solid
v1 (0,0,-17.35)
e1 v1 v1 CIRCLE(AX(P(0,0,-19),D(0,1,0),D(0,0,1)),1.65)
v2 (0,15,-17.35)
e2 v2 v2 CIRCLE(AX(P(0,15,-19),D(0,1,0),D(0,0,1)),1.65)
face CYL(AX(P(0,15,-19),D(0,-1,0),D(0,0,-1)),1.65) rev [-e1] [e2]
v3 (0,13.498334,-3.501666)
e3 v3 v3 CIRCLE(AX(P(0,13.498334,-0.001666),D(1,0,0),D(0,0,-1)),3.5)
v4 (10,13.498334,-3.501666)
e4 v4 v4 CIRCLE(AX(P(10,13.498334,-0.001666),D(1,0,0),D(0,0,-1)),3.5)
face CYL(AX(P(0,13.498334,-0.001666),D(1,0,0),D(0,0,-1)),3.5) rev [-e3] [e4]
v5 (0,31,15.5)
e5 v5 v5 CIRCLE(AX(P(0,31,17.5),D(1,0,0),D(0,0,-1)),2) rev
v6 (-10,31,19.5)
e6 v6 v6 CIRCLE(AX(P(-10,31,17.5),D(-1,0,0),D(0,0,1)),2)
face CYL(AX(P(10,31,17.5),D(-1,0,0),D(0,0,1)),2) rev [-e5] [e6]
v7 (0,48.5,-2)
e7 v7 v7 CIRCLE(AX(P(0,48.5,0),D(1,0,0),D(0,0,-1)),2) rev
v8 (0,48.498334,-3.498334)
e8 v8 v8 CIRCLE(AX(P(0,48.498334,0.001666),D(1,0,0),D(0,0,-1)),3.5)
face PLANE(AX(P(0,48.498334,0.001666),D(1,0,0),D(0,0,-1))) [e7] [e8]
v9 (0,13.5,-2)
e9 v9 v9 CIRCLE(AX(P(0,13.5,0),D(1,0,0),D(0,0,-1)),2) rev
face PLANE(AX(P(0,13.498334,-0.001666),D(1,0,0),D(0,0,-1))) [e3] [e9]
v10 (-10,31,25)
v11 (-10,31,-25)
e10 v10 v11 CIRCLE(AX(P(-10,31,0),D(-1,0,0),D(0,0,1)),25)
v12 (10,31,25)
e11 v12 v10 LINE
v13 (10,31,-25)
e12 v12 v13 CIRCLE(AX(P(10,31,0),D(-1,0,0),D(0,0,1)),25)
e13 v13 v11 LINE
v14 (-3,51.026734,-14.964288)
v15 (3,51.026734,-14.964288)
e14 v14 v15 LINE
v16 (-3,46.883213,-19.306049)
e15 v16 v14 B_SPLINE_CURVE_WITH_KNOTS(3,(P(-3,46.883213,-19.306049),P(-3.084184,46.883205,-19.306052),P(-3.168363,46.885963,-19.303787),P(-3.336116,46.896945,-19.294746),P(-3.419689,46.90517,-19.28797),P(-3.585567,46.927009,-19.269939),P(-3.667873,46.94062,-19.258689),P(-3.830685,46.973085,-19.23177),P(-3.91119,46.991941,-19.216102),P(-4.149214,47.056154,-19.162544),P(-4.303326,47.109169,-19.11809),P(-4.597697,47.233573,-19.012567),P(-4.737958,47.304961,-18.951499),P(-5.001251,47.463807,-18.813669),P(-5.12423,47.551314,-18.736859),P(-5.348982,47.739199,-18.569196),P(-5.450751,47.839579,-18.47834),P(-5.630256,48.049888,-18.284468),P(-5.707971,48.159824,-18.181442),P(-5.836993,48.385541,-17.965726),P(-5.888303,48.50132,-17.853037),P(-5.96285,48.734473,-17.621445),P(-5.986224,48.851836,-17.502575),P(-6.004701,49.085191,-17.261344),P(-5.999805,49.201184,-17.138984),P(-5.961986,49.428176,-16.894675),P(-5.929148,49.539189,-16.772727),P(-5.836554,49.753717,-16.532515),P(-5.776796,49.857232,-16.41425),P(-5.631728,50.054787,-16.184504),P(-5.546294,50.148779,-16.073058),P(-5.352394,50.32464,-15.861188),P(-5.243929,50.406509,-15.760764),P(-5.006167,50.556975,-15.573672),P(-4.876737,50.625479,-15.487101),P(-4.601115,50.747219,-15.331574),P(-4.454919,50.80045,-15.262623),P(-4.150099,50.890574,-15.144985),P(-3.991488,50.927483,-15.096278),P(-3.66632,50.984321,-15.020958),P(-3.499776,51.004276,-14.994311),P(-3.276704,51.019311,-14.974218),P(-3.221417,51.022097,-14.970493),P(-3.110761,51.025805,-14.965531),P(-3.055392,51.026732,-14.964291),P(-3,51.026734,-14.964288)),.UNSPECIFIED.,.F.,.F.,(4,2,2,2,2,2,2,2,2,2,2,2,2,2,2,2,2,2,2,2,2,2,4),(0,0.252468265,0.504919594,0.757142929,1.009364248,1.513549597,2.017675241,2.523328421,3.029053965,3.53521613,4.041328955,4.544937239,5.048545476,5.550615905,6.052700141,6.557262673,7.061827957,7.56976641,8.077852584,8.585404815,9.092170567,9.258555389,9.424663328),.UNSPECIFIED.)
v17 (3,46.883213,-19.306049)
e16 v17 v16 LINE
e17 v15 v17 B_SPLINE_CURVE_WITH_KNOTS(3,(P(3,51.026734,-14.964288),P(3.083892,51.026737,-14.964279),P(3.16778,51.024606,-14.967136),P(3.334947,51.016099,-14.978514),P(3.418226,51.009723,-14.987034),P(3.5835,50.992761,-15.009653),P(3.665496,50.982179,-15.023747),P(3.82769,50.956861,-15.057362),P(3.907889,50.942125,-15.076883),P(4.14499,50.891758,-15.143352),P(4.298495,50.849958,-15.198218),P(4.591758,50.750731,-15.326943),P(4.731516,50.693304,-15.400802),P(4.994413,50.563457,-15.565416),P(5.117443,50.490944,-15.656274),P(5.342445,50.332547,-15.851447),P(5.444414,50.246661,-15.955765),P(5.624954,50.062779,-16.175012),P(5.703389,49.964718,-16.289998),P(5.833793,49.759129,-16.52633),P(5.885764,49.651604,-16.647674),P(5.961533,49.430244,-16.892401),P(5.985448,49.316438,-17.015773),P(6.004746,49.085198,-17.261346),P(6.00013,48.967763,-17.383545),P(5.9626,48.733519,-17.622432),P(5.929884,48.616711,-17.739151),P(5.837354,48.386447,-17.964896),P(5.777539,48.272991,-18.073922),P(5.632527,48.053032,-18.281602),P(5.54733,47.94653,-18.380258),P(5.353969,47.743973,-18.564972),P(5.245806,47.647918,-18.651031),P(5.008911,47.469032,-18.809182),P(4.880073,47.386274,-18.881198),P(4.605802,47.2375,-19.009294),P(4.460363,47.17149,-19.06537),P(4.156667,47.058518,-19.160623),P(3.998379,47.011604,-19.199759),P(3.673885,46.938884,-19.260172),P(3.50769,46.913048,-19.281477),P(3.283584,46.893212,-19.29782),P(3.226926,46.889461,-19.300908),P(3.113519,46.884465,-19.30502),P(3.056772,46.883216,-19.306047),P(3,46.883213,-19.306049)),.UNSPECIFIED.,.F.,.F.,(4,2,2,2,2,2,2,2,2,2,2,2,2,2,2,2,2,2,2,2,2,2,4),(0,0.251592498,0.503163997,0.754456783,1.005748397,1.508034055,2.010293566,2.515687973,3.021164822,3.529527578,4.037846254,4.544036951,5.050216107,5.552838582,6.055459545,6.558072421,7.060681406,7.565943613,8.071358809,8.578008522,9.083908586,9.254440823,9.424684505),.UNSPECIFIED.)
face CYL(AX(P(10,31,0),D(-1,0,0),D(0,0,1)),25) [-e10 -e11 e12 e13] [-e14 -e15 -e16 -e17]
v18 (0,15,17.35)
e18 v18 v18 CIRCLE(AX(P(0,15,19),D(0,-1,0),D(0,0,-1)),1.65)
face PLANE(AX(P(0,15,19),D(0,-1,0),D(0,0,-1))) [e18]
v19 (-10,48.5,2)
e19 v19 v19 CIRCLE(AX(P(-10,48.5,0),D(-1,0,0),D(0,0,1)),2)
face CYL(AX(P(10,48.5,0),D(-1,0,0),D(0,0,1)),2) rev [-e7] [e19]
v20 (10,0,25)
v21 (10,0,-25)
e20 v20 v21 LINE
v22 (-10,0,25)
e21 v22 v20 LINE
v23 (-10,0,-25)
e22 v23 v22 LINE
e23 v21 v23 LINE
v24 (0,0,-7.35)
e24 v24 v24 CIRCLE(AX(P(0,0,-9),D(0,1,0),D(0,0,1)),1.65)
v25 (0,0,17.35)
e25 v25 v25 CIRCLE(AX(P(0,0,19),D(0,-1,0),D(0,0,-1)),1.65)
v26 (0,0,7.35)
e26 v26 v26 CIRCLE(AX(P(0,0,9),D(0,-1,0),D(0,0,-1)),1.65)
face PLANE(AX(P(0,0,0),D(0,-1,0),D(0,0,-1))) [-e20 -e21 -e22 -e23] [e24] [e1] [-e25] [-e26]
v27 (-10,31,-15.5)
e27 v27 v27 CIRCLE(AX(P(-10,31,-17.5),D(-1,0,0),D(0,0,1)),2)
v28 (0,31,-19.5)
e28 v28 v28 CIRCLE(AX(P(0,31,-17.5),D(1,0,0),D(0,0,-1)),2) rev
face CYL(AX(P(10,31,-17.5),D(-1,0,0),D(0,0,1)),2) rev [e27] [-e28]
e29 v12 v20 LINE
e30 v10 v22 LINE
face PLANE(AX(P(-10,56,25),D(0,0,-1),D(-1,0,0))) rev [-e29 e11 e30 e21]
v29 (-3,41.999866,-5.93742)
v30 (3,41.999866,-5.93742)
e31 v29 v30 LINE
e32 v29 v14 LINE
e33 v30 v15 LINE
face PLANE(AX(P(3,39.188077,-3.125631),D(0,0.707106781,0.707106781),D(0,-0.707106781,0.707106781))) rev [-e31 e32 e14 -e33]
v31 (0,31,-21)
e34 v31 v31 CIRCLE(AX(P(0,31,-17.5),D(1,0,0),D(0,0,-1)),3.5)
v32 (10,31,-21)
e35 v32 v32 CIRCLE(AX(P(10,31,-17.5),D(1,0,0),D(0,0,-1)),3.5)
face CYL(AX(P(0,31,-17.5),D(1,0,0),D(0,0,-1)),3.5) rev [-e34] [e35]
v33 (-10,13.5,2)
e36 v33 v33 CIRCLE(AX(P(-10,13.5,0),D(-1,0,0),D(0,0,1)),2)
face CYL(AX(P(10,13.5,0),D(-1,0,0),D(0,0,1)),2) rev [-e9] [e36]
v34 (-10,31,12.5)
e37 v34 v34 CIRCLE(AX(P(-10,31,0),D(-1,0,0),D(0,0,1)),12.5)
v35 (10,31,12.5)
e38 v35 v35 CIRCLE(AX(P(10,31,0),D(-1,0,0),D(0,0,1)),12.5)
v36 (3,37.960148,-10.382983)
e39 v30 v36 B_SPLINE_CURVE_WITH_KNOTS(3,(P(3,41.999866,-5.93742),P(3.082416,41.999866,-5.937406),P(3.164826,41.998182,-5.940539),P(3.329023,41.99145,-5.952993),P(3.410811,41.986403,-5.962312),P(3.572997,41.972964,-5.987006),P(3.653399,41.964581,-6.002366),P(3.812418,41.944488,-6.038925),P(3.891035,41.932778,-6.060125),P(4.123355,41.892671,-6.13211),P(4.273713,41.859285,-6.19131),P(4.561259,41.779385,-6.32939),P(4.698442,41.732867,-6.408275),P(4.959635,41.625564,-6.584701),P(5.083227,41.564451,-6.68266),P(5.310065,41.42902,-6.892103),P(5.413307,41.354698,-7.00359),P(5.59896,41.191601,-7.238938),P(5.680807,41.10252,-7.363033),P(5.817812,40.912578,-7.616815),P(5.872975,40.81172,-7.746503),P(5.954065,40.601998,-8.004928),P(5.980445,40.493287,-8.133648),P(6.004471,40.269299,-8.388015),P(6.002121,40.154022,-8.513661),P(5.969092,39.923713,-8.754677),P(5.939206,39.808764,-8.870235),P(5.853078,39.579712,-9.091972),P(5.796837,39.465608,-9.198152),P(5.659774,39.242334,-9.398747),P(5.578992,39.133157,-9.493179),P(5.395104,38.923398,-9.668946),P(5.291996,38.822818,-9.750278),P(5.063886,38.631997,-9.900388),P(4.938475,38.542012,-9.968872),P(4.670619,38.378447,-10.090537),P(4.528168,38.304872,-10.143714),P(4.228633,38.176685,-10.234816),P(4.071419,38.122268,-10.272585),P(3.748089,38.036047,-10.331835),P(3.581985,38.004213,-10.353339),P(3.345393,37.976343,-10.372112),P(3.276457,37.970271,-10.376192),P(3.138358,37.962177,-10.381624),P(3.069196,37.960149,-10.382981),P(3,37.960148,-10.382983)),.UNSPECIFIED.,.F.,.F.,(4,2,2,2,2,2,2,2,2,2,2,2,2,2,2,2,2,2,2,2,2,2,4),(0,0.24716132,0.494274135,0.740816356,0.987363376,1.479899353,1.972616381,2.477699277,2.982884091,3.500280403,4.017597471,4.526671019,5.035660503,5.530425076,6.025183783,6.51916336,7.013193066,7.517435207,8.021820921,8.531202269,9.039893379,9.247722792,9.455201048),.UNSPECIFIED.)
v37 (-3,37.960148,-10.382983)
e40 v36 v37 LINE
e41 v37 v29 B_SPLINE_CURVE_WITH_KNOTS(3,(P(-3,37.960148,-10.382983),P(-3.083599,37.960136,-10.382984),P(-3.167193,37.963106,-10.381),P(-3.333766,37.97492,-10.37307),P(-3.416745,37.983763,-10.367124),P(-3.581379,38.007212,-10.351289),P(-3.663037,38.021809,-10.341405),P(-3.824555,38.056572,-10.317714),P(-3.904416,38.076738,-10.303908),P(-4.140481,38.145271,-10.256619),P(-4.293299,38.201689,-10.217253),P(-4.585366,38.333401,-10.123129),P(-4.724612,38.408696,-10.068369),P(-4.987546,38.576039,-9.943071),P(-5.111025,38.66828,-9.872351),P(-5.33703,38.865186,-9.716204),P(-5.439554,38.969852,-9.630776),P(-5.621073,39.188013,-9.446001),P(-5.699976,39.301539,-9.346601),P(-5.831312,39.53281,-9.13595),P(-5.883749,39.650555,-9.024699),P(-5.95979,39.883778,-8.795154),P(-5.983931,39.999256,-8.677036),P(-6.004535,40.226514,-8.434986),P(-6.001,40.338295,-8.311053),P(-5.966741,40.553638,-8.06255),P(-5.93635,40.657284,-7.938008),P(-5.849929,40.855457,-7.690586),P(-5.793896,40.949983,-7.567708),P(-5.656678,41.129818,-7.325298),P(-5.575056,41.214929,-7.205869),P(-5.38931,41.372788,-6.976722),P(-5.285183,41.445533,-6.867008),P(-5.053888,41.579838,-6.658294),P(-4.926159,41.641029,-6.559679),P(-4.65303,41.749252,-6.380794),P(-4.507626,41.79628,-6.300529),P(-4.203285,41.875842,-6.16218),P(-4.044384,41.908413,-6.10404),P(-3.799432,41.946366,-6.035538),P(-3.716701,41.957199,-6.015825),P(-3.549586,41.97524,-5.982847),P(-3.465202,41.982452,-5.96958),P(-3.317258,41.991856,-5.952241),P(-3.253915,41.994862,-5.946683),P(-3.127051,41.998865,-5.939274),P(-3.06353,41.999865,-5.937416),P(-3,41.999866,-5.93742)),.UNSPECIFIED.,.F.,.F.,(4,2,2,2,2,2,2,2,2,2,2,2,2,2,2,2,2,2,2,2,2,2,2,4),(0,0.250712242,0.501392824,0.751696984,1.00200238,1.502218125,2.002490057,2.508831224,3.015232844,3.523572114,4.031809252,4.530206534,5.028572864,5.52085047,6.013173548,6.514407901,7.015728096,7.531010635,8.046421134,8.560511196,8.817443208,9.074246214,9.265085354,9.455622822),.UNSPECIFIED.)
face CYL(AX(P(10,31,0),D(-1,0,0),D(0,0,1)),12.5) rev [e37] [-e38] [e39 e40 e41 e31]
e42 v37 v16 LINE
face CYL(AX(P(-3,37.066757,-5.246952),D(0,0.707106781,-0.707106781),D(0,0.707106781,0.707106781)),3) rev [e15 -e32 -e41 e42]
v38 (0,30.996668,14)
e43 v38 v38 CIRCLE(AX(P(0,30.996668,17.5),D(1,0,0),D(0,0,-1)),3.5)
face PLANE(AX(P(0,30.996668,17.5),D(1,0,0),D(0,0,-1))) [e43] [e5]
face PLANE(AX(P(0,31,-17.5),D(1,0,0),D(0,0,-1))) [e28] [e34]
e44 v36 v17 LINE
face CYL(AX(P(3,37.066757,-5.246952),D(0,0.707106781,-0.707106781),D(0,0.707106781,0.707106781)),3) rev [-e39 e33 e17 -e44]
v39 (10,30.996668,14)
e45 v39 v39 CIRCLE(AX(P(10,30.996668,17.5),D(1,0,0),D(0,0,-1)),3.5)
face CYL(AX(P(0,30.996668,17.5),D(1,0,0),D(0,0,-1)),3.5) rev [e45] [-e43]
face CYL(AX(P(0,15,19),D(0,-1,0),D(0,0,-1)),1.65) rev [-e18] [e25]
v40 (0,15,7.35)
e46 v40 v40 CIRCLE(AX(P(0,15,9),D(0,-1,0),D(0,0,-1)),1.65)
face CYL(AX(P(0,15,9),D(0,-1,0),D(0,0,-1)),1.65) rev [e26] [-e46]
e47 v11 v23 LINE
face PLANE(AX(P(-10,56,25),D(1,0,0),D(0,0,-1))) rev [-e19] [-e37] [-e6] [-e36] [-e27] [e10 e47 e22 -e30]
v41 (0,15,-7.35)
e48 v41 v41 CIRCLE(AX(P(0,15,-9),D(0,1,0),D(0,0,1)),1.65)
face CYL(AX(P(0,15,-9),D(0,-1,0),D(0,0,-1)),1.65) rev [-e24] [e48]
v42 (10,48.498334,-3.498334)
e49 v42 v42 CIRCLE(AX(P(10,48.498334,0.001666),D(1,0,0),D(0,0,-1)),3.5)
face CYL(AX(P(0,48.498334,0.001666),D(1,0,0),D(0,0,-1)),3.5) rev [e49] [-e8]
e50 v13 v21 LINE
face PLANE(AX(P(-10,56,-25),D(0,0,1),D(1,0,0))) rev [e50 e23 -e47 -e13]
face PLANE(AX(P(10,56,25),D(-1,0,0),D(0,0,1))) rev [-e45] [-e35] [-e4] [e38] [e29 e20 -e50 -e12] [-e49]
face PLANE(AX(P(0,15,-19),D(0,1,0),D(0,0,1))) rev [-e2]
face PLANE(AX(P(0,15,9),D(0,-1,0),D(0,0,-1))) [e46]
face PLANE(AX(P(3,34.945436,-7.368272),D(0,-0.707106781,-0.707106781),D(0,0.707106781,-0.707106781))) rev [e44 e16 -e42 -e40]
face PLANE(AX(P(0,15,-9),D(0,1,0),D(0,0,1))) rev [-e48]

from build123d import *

# Parameters (mm, degrees)
SKIZZE1_W                       = 20
SKIZZE1_H                       = 50
AUFSATZ_LINEAR_AUSTRAGEN1_DEPTH = 56
SKIZZE2_R                       = 12.5
SKIZZE2_R_2                     = 2
SCHNITT_LINEAR_AUSTRAGEN1_DEPTH = 65.505813691
SKIZZE3_R                       = 1.65
SCHNITT_LINEAR_AUSTRAGEN2_DEPTH = 15
SKIZZE6_R                       = 3.5
SCHNITT_LINEAR_AUSTRAGEN5_DEPTH = 10
CUT_EXTRUDE1_DEPTH              = 17


with BuildPart() as part:
    # Skizze1 → Aufsatz-Linear austragen1 (new body)
    with BuildSketch(Plane(origin=(0, 0, 0), x_dir=(1, 0, 0), z_dir=(0, 1, 0))):
        Rectangle(SKIZZE1_W, SKIZZE1_H)
    extrude(amount=AUFSATZ_LINEAR_AUSTRAGEN1_DEPTH)

    # Skizze2 → Schnitt-Linear austragen1 (cut, through all)
    with BuildSketch(Plane.ZY.offset(10)):
        with BuildLine():
            Line((-25, 56), (-25, 31))
            ThreePointArc((-25, 31), (-17.677669509, 48.67766955), (5.8e-08, 56))
            Line((5.8e-08, 56), (-25, 56))
        make_face()
        with BuildLine():
            ThreePointArc((5.8e-08, 56), (17.67766955, 48.677669509), (25, 31))
            Line((25, 31), (25, 56))
            Line((25, 56), (5.8e-08, 56))
        make_face()
        with Locations((0, 31)):
            Circle(SKIZZE2_R)
        with Locations((17.5, 31)):
            Circle(SKIZZE2_R_2)
        with Locations((0, 48.5)):
            Circle(SKIZZE2_R_2)
        with Locations((0, 13.5)):
            Circle(SKIZZE2_R_2)
        with Locations((-17.5, 31)):
            Circle(SKIZZE2_R_2)
    extrude(amount=-SCHNITT_LINEAR_AUSTRAGEN1_DEPTH, mode=Mode.SUBTRACT)

    # Skizze3 → Schnitt-Linear austragen2 (cut)
    with BuildSketch(Plane.XZ):
        with Locations(Location((0, 19, 0), (0, 0, 270))):
            Circle(SKIZZE3_R)
        with Locations(Location((0, 9, 0), (0, 0, 270))):
            Circle(SKIZZE3_R)
        with Locations(Location((0, -9, 0), (0, 0, 90))):
            Circle(SKIZZE3_R)
        with Locations(Location((0, -19, 0), (0, 0, 90))):
            Circle(SKIZZE3_R)
    extrude(amount=-SCHNITT_LINEAR_AUSTRAGEN2_DEPTH, mode=Mode.SUBTRACT)

    # Skizze6 → Schnitt-Linear austragen5 (cut)
    with BuildSketch(Plane(origin=(10, 0, 0), x_dir=(0, 0, -1), z_dir=(1, 0, 0))):
        with Locations((17.5, 31)):
            Circle(SKIZZE6_R)
        with Locations((0.001666066, 13.498333934)):
            Circle(SKIZZE6_R)
        with Locations((-17.5, 30.996667867)):
            Circle(SKIZZE6_R)
        with Locations((-0.001666066, 48.498333934)):
            Circle(SKIZZE6_R)
    extrude(amount=-SCHNITT_LINEAR_AUSTRAGEN5_DEPTH, mode=Mode.SUBTRACT)

    # Sketch1 → Cut-Extrude1 (cut)
    with BuildSketch(Plane(origin=(0, 33.17766953, -33.17766953), x_dir=(-1, 0, 0), z_dir=(0, 0.7071067811865537, -0.7071067811865414))):
        with BuildLine():
            Line((-3, 25.5), (3, 25.5))
            ThreePointArc((3, 25.5), (6, 22.5), (3, 19.5))
            Line((3, 19.5), (-3, 19.5))
            ThreePointArc((-3, 19.5), (-6, 22.5), (-3, 25.5))
        make_face()
    extrude(amount=-CUT_EXTRUDE1_DEPTH, mode=Mode.SUBTRACT)


solid = part.part
